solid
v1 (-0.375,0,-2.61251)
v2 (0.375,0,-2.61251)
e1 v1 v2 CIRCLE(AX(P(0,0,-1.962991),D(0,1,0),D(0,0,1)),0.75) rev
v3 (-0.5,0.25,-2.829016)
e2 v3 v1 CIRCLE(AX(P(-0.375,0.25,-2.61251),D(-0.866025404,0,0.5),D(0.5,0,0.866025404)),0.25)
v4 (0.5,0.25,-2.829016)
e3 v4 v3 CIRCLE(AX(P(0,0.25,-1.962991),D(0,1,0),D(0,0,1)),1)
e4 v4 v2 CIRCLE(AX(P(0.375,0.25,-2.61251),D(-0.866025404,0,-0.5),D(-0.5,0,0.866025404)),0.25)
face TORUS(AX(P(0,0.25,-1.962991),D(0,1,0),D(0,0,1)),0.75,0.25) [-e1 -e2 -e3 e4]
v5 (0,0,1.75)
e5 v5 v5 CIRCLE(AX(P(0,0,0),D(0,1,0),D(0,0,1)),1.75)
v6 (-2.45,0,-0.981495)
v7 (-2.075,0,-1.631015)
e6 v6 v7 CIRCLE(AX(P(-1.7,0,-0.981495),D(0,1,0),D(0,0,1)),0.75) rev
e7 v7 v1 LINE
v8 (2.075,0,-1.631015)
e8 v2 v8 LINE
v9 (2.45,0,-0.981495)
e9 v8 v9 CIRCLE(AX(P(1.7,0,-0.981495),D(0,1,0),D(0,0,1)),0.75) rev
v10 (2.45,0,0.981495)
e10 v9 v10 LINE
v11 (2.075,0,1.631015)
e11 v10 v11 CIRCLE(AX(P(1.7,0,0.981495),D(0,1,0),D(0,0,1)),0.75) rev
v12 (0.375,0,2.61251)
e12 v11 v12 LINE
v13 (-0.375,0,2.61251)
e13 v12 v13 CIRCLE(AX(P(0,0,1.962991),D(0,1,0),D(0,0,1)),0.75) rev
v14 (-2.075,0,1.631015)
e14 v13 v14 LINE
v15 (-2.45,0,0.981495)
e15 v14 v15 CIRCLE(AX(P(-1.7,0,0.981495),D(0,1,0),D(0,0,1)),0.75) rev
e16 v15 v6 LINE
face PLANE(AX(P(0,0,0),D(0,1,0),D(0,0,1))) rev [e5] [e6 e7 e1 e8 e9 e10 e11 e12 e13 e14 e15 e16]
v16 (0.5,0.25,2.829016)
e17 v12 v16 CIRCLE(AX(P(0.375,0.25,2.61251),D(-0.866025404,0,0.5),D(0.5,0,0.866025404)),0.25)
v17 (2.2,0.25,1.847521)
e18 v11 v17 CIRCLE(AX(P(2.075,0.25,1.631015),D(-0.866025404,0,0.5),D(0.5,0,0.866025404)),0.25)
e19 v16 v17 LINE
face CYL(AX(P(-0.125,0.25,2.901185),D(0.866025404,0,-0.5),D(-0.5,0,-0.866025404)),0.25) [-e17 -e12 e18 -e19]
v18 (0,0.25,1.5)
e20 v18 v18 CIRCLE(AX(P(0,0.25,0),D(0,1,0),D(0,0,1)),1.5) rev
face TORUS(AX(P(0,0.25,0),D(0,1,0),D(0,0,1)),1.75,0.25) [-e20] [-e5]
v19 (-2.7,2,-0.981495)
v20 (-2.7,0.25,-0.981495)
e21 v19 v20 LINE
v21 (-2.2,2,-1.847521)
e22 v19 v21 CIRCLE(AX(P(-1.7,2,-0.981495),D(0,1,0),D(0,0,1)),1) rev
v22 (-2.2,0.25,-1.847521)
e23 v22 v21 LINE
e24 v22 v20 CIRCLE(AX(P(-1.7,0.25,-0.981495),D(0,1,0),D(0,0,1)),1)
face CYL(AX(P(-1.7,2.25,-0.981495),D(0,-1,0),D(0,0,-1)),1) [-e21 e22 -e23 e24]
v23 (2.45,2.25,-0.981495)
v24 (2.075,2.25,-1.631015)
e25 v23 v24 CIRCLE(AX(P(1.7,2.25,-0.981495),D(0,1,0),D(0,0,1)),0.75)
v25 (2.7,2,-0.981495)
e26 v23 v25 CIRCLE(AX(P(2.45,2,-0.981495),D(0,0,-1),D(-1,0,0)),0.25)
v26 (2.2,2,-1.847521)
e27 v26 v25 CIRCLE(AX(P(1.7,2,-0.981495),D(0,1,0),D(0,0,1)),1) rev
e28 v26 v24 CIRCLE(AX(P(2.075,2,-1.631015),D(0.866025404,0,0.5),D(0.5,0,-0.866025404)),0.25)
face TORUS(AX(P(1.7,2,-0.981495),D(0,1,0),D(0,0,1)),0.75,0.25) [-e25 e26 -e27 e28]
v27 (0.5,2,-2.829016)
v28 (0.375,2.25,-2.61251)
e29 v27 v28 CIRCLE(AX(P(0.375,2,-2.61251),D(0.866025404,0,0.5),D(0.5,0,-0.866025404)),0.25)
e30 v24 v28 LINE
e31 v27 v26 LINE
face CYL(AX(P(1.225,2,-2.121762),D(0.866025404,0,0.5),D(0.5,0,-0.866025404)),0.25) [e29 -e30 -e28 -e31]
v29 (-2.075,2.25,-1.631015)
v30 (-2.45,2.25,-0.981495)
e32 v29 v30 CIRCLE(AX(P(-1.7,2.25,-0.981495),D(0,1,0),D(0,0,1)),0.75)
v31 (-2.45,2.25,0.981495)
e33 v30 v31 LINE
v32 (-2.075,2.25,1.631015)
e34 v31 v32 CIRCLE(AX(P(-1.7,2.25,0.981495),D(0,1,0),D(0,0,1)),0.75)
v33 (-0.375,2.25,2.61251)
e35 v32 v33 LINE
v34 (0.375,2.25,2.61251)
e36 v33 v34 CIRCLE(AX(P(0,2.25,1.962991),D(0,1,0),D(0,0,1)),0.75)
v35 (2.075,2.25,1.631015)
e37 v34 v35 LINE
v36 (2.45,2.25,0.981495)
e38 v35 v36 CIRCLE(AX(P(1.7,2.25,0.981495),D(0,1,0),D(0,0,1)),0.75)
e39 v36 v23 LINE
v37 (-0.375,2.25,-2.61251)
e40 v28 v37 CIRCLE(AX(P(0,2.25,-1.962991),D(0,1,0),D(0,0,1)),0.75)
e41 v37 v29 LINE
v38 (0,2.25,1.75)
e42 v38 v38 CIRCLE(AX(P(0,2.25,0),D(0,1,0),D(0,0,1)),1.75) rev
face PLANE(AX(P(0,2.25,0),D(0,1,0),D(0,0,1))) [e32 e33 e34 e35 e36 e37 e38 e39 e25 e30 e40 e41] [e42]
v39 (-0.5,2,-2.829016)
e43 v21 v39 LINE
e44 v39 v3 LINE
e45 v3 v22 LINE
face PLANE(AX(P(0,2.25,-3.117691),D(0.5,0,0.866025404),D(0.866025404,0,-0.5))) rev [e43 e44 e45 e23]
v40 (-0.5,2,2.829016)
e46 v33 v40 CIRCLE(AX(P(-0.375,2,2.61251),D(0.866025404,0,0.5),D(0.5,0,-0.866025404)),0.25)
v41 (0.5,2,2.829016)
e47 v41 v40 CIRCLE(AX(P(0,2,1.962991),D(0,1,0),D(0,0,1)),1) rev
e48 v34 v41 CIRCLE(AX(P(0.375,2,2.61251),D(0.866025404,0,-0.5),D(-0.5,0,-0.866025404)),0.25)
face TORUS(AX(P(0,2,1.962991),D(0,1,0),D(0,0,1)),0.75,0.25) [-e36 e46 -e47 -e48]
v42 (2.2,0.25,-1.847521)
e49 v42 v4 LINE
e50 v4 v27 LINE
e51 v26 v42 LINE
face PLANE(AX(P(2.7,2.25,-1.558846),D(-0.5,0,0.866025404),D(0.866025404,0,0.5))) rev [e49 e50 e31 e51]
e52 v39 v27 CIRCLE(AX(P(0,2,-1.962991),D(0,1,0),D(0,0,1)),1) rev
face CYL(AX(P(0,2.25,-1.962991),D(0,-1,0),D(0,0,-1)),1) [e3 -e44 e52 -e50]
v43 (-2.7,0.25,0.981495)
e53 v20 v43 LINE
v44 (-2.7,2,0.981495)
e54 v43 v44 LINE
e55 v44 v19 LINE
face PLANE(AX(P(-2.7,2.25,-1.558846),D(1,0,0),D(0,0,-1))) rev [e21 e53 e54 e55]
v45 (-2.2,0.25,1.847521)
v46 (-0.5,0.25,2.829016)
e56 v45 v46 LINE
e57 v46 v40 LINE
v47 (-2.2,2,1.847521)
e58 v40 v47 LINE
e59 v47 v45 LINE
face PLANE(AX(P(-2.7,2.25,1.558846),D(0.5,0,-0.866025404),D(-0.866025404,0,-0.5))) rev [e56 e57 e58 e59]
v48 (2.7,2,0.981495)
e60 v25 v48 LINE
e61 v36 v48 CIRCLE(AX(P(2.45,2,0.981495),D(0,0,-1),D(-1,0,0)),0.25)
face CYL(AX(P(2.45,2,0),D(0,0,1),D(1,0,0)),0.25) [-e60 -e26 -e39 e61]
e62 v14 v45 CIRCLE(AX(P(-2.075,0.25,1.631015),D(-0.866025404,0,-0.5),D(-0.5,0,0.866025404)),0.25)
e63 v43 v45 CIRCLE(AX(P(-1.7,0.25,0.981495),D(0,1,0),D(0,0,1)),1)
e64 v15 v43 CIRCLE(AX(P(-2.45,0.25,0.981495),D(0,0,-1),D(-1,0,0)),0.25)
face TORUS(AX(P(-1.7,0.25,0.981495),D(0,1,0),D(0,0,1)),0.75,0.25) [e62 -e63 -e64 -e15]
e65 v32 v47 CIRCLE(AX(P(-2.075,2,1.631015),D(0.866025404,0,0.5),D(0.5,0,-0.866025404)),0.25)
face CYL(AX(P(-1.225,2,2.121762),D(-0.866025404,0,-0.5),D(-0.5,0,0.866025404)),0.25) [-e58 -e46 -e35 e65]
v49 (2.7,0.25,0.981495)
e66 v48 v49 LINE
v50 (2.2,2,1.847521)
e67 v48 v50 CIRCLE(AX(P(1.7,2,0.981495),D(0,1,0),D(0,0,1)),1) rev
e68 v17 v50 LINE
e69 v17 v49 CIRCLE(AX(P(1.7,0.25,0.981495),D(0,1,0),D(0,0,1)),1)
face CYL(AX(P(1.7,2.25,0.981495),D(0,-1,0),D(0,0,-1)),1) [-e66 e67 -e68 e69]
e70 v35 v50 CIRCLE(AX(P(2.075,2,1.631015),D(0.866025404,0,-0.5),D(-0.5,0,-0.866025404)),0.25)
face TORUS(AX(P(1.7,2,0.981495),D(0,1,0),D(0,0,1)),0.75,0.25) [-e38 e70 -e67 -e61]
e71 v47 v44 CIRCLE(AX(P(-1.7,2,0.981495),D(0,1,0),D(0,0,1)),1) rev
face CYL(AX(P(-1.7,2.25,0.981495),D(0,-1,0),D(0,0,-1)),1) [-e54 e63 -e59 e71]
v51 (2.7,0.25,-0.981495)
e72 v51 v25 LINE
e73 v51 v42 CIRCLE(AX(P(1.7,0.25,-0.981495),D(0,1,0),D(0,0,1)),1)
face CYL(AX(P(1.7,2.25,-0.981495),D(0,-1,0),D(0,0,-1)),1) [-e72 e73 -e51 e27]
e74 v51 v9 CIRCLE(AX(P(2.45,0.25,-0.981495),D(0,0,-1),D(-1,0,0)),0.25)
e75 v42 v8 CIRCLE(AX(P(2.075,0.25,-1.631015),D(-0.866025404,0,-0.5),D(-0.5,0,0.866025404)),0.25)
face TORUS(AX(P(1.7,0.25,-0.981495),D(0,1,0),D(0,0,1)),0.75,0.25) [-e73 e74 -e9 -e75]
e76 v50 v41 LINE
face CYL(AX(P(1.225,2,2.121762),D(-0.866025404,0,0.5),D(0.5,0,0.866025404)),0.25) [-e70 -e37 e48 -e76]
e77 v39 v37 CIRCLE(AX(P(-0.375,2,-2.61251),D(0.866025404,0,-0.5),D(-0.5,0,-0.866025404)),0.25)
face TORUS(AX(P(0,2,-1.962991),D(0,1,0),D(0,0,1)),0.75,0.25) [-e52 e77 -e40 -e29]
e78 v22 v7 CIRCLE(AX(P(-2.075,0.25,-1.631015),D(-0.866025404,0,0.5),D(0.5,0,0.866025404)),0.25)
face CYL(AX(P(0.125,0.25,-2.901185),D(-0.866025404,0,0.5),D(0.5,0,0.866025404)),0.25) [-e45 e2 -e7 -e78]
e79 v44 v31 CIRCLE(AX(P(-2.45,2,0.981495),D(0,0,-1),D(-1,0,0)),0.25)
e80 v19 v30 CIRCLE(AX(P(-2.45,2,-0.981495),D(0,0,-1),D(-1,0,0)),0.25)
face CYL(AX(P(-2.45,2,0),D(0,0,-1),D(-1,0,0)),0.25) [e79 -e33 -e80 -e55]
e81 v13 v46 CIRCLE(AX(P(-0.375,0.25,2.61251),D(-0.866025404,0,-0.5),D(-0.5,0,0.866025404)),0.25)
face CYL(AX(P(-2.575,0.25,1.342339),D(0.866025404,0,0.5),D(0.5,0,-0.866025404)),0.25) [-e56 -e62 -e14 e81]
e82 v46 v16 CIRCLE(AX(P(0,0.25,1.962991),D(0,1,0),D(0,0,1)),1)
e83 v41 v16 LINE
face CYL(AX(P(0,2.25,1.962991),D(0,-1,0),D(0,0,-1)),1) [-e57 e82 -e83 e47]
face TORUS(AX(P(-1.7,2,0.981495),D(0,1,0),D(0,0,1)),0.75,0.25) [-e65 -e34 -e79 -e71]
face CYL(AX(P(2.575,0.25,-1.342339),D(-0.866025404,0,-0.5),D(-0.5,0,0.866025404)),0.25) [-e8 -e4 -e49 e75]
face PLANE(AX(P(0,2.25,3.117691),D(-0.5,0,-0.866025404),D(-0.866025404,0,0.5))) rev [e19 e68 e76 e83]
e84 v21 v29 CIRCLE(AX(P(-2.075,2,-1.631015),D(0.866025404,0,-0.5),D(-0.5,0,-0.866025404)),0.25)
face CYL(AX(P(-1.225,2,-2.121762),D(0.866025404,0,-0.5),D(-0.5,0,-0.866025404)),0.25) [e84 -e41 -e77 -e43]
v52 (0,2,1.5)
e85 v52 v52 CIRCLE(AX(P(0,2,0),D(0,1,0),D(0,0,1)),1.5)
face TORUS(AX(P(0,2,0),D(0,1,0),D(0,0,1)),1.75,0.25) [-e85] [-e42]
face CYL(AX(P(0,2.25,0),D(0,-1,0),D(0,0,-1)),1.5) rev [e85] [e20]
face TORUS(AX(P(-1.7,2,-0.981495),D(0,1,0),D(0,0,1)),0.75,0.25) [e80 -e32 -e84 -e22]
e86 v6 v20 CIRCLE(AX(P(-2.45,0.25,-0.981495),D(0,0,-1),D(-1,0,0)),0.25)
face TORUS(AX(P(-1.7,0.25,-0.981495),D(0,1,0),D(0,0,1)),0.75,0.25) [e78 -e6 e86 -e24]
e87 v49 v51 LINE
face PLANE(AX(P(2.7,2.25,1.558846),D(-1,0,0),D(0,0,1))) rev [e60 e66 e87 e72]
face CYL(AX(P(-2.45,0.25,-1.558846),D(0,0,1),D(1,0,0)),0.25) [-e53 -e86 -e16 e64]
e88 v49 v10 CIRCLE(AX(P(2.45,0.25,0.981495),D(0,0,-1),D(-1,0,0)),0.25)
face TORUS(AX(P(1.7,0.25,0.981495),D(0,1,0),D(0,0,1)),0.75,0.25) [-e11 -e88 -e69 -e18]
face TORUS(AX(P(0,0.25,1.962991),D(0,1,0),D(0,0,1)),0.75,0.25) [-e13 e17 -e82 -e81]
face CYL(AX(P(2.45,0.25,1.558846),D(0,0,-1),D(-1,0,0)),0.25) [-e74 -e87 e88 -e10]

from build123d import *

# Parameters (mm, degrees)
SKETCH1_R           = 1.5
BOSS_EXTRUDE1_DEPTH = 2.25
FILLET1_R           = 1
FILLET2_R           = 0.25


with BuildPart() as part:
    # Sketch1 → Boss-Extrude1 (new body)
    with BuildSketch(Plane(origin=(0, 0, 0), x_dir=(1, 0, 0), z_dir=(0, 1, 0))):
        Polygon((2.7, -1.558845727), (2.7, 1.558845727), (0, 3.117691454), (-2.7, 1.558845727), (-2.7, -1.558845727), (0, -3.117691454), align=None)
        Circle(SKETCH1_R, mode=Mode.SUBTRACT)
    extrude(amount=BOSS_EXTRUDE1_DEPTH)

    # Fillet1
    fillet1_edges = [part.edges().sort_by_distance(p)[0] for p in [
        (0, 1.125, 3.117691454),
        (-2.7, 1.125, 1.558845727),
        (-2.7, 1.125, -1.558845727),
        (0, 1.125, -3.117691454),
        (2.7, 1.125, -1.558845727),
        (2.7, 1.125, 1.558845727),
    ]]
    fillet(fillet1_edges, radius=FILLET1_R)

    # Fillet2
    fillet2_edges = [part.edges().sort_by_distance(p)[0] for p in [
        (-1.5, 0, 0),
        (-1.5, 2.25, 0),
        (-1.35, 0, -2.33826859),
        (-1.35, 2.25, -2.33826859),
        (1.35, 0, 2.33826859),
        (-1.35, 0, 2.33826859),
        (-2.7, 0, 0),
        (1.35, 0, -2.33826859),
        (2.7, 0, 0),
        (0, 0, 2.962990915),
        (2.566025404, 0, 1.481495458),
        (2.566025404, 0, -1.481495458),
        (-2.566025404, 0, 1.481495458),
        (-2.566025404, 0, -1.481495458),
        (0, 0, -2.962990915),
        (1.35, 2.25, -2.33826859),
        (1.35, 2.25, 2.33826859),
        (2.7, 2.25, 0),
        (-2.7, 2.25, 0),
        (-1.35, 2.25, 2.33826859),
        (0, 2.25, 2.962990915),
        (2.566025404, 2.25, 1.481495458),
        (2.566025404, 2.25, -1.481495458),
        (-2.566025404, 2.25, 1.481495458),
        (-2.566025404, 2.25, -1.481495458),
        (0, 2.25, -2.962990915),
    ]]
    fillet(fillet2_edges, radius=FILLET2_R)


solid = part.part
